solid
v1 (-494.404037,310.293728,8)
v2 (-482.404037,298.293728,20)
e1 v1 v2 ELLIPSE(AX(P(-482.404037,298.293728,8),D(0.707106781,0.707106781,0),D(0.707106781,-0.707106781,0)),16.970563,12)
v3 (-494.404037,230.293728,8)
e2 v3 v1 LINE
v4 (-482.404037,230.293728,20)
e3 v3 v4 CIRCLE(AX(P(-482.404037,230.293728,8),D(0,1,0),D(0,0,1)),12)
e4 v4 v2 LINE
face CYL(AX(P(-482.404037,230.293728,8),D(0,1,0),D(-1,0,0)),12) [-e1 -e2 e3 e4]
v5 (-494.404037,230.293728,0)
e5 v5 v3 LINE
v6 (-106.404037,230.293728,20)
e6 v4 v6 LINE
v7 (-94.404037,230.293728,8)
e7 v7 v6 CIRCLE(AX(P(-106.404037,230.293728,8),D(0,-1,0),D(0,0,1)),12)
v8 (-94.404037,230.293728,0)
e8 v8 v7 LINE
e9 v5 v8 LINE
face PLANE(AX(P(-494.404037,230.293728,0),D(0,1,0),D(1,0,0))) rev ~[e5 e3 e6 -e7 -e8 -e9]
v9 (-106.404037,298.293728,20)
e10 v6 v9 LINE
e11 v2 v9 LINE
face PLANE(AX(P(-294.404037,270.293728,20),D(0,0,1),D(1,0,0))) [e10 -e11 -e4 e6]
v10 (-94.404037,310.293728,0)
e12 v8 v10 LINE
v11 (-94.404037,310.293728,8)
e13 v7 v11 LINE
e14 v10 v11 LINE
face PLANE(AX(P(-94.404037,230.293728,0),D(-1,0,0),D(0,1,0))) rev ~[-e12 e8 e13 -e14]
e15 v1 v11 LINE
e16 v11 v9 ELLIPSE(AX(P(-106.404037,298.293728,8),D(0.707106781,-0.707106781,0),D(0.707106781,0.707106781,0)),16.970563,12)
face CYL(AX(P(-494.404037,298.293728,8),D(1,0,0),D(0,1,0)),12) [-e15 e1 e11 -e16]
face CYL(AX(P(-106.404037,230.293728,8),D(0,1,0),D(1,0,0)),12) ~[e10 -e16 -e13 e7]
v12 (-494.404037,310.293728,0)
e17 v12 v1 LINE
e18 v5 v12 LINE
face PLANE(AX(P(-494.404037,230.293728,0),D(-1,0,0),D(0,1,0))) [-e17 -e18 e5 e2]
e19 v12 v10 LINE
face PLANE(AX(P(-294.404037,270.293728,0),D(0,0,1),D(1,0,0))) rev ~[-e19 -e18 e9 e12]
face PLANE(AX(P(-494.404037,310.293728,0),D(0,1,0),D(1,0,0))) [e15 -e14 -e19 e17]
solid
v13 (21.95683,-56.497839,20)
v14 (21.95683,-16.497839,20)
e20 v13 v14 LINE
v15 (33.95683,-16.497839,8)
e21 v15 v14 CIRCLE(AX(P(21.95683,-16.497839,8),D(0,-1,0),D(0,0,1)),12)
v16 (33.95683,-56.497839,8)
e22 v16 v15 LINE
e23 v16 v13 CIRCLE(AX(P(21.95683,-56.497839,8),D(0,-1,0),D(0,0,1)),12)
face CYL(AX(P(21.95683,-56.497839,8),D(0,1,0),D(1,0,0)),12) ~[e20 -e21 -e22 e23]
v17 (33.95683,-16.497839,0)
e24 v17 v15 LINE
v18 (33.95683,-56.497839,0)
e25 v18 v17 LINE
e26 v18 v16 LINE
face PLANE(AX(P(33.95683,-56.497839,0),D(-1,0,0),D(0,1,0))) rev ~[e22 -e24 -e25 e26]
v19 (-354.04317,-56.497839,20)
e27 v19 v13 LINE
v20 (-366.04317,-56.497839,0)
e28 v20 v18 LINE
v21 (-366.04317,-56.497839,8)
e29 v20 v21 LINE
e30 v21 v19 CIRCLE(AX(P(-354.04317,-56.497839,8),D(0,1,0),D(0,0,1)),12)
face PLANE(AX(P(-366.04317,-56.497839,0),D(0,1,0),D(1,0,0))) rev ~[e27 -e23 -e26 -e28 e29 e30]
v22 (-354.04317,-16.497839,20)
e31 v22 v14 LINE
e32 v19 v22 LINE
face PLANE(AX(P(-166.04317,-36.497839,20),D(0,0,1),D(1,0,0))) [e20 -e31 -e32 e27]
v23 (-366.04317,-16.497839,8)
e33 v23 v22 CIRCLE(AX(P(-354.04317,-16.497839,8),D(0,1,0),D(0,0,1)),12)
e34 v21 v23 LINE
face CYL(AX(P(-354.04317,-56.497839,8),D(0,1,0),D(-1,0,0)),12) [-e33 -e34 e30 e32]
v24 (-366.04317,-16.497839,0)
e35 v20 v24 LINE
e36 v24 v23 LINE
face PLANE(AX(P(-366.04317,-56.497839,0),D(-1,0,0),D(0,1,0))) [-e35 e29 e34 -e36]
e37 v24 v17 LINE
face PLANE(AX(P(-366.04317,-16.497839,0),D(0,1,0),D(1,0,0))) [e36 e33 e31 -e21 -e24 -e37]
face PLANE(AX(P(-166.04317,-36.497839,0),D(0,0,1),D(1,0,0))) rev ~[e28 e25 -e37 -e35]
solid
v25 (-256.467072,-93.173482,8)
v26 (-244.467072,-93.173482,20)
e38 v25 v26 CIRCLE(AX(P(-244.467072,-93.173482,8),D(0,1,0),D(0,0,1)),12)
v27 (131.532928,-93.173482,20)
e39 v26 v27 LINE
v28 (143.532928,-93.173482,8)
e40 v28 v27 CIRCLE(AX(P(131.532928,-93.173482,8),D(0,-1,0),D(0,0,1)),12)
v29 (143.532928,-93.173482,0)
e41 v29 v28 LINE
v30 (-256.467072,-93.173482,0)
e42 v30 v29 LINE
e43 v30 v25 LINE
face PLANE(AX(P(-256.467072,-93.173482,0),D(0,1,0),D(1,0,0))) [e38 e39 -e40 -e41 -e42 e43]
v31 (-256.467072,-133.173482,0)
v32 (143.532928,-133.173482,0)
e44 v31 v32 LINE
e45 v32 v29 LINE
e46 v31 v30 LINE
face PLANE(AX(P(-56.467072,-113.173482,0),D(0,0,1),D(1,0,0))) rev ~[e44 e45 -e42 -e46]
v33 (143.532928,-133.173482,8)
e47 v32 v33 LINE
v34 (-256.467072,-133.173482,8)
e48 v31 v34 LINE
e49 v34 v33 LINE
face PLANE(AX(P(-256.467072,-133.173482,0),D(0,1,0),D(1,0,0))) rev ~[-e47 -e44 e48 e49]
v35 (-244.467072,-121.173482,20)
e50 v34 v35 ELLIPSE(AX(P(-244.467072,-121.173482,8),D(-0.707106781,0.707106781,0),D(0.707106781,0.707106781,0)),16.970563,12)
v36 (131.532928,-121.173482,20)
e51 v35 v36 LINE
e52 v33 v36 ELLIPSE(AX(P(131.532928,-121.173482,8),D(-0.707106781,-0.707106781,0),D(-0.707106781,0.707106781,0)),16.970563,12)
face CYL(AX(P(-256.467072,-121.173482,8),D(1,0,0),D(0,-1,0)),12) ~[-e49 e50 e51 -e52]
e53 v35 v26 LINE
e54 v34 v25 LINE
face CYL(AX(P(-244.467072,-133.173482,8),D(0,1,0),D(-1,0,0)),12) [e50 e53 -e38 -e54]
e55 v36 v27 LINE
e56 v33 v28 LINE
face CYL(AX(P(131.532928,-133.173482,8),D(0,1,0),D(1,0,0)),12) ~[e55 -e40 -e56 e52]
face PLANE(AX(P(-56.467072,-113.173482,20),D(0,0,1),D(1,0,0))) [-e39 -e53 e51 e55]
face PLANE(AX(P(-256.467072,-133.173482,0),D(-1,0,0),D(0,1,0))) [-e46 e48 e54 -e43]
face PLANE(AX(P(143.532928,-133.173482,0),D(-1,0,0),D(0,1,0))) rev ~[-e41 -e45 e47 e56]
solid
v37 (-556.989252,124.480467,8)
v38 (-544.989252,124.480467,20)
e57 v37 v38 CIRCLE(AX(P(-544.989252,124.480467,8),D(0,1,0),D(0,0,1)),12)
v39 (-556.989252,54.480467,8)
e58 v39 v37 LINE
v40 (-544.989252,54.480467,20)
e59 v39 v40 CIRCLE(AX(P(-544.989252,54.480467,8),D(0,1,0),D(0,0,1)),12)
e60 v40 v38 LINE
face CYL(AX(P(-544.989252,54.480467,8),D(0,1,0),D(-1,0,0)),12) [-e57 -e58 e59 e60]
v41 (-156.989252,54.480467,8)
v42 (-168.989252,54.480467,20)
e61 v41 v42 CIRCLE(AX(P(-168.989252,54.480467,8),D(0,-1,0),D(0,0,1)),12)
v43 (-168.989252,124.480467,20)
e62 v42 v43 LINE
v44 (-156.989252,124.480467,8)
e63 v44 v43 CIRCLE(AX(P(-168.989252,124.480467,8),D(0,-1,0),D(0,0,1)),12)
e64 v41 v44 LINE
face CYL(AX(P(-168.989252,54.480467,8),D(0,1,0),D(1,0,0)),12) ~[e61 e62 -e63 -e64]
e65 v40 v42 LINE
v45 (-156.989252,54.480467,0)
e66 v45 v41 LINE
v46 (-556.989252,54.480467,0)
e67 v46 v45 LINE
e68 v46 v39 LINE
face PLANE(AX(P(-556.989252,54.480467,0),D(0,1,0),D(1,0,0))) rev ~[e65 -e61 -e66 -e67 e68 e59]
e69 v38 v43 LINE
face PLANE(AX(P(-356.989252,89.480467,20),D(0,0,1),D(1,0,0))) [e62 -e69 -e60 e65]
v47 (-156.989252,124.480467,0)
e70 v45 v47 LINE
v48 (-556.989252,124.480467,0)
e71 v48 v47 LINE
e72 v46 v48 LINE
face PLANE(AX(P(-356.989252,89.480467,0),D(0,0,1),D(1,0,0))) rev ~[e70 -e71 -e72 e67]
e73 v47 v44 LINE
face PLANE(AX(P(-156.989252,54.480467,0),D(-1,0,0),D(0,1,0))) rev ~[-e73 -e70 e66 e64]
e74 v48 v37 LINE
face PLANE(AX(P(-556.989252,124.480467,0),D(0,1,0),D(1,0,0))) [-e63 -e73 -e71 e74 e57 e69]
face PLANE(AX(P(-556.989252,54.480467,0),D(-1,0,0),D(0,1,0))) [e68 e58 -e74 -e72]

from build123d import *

# Parameters (mm, degrees)
F0_W     = 400
F0_H     = 40
F4_DEPTH = 20
F1_W     = 400
F1_H     = 40
F5_DEPTH = 20
F2_W     = 400
F2_H     = 70
F6_DEPTH = 20
F3_W     = 400
F3_H     = 80
F7_DEPTH = 20
F8_R     = 12
F8_2_R   = 12
F8_3_R   = 12
F8_4_R   = 12


with BuildPart() as f4:
    # F0 (on Top) → F4 (new body)
    with BuildSketch(Plane.XY):
        with Locations((-56.467072, -113.173482)):
            Rectangle(F0_W, F0_H)
    extrude(amount=F4_DEPTH)

    # F8#4
    f8_4_edges = [f4.edges().sort_by_distance(p)[0] for p in [
        (-256.467072, -113.173482, 20),
        (143.532928, -113.173482, 20),
        (-56.467072, -133.173482, 20),
    ]]
    fillet(f8_4_edges, radius=F8_4_R)


with BuildPart() as f5:
    # F1 (on Top) → F5 (new body)
    with BuildSketch(Plane.XY):
        with Locations((-166.04317, -36.497839)):
            Rectangle(F1_W, F1_H)
    extrude(amount=F5_DEPTH)

    # F8#3
    f8_3_edges = [f5.edges().sort_by_distance(p)[0] for p in [
        (-366.04317, -36.497839, 20),
        (33.95683, -36.497839, 20),
    ]]
    fillet(f8_3_edges, radius=F8_3_R)


with BuildPart() as f6:
    # F2 (on Top) → F6 (new body)
    with BuildSketch(Plane.XY):
        with Locations((-356.989252, 89.480467)):
            Rectangle(F2_W, F2_H)
    extrude(amount=F6_DEPTH)

    # F8#2
    f8_2_edges = [f6.edges().sort_by_distance(p)[0] for p in [
        (-556.989252, 89.480467, 20),
        (-156.989252, 89.480467, 20),
    ]]
    fillet(f8_2_edges, radius=F8_2_R)


with BuildPart() as f7:
    # F3 (on Top) → F7 (new body)
    with BuildSketch(Plane.XY):
        with Locations((-294.404037, 270.293728)):
            Rectangle(F3_W, F3_H)
    extrude(amount=F7_DEPTH)

    # F8
    f8_edges = [f7.edges().sort_by_distance(p)[0] for p in [
        (-294.404037, 310.293728, 20),
        (-94.404037, 270.293728, 20),
        (-494.404037, 270.293728, 20),
    ]]
    fillet(f8_edges, radius=F8_R)


solid = Compound([f4.part, f5.part, f6.part, f7.part])
